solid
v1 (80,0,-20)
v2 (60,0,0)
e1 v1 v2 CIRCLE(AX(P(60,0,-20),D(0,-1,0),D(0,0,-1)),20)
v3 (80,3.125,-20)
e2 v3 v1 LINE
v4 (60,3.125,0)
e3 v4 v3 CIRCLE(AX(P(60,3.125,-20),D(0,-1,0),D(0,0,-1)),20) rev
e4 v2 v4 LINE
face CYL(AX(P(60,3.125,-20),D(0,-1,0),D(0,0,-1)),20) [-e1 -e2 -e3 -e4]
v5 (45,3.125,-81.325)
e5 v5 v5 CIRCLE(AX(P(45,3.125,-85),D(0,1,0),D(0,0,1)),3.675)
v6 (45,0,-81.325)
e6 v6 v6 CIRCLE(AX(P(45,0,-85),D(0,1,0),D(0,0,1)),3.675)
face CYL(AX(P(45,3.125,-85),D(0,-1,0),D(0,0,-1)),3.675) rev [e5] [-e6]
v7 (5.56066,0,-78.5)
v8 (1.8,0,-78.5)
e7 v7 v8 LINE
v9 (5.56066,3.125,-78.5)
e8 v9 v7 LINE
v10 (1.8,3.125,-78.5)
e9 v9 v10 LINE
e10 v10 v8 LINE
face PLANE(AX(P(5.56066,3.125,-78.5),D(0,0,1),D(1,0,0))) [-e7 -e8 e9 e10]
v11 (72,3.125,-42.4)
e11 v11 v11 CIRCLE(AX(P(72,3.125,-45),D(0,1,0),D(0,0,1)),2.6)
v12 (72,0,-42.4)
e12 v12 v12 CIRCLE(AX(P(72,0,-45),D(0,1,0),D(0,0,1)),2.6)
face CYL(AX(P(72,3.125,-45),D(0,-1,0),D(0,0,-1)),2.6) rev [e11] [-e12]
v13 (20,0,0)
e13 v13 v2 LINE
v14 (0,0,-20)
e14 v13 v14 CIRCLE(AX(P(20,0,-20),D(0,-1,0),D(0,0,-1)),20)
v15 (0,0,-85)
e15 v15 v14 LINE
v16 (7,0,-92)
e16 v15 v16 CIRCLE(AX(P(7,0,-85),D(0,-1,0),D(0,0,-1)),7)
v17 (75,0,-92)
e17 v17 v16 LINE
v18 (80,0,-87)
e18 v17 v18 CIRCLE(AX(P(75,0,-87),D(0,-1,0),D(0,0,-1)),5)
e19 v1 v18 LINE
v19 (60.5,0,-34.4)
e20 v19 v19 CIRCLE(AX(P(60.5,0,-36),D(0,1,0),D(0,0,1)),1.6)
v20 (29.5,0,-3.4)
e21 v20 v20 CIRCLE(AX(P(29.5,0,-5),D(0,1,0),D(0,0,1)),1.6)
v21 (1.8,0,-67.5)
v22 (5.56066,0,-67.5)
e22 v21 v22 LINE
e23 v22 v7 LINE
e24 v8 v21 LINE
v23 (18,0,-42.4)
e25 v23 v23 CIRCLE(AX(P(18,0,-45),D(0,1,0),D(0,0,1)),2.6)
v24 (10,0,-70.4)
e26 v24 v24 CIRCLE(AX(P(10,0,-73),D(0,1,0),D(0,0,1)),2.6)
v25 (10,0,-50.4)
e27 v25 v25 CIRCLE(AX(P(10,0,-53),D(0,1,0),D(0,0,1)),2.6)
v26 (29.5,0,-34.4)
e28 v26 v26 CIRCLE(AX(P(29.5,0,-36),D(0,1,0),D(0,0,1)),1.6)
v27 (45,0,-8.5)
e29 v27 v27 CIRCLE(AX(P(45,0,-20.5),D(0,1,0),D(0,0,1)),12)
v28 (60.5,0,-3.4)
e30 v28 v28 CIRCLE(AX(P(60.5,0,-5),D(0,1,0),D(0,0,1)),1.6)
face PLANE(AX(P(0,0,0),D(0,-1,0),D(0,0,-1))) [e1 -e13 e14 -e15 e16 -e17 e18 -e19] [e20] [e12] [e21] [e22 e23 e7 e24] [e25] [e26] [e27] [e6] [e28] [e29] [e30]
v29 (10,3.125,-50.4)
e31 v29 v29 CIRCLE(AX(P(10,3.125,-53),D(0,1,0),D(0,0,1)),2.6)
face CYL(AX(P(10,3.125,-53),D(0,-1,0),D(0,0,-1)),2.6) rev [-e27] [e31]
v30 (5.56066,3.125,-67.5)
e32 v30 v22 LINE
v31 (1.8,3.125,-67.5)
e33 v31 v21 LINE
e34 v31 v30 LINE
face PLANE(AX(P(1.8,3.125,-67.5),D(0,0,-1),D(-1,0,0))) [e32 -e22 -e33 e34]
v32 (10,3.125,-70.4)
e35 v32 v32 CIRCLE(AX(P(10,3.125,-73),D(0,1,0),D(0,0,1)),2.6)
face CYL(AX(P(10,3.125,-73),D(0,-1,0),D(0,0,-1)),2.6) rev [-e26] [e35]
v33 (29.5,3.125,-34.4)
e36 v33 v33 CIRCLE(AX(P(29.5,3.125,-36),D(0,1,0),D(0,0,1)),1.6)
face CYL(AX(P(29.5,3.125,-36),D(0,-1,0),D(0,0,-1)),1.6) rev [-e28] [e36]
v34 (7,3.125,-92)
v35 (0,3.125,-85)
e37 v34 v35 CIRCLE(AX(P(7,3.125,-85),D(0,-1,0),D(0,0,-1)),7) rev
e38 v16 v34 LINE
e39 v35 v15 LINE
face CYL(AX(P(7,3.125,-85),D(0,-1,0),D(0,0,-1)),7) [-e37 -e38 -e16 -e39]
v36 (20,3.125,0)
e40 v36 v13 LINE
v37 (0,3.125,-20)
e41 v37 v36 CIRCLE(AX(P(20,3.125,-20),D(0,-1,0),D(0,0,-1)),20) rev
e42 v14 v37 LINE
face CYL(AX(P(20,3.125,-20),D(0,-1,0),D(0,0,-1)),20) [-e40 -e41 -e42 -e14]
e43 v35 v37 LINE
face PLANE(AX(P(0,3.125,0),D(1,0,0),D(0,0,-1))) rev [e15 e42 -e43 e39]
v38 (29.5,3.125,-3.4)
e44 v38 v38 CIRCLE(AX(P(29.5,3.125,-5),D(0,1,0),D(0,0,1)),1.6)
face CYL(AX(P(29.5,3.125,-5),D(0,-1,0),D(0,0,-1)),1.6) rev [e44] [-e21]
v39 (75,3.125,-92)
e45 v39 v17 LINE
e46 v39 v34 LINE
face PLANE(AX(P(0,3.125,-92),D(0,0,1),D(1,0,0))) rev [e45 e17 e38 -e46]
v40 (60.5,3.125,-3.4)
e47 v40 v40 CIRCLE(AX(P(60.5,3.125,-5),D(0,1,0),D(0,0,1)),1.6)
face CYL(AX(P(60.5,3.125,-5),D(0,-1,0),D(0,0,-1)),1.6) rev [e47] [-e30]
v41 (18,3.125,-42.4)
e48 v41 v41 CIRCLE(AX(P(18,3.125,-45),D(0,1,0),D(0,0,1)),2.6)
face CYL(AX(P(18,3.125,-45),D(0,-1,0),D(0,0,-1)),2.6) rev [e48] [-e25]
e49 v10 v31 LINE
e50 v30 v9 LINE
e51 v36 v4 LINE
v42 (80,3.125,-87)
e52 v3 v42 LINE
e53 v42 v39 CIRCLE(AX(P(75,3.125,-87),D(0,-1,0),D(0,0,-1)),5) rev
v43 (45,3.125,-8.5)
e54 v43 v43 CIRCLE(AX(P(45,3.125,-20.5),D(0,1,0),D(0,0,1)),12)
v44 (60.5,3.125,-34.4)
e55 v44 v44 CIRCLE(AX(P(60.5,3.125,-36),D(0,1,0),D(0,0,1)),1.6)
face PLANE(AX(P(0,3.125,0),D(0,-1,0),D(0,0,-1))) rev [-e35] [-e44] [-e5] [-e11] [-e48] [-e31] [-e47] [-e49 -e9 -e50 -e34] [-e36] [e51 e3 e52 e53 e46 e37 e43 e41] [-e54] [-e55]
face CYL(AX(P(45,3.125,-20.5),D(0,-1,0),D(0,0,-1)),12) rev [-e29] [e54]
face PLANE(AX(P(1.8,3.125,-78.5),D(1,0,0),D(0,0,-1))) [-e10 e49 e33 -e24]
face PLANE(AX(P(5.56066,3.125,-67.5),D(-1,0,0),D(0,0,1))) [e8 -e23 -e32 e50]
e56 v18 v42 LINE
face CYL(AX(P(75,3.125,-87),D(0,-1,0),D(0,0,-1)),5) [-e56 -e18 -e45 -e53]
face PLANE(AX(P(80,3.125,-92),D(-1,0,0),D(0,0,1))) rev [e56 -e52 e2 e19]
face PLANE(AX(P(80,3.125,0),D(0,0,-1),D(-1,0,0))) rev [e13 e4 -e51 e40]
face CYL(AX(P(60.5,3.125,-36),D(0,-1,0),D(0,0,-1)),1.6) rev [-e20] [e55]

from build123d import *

# Parameters (mm, degrees)
SKETCH2_W           = 80
SKETCH2_H           = 92
SKETCH2_R           = 1.6
SKETCH2_R_2         = 2.6
SKETCH2_R_3         = 12
SKETCH2_R_4         = 3.675
SKETCH2_W_2         = 3.760660172
SKETCH2_H_2         = 11
BOSS_EXTRUDE1_DEPTH = 3.125
FILLET1_R           = 20
FILLET2_R           = 20
FILLET4_R           = 5
FILLET5_R           = 7


with BuildPart() as part:
    # Sketch2 → Boss-Extrude1 (new body)
    with BuildSketch(Plane(origin=(0, 0, 0), x_dir=(1, 0, 0), z_dir=(0, 1, 0))):
        with Locations((40, 46)):
            Rectangle(SKETCH2_W, SKETCH2_H)
        with Locations((29.5, 5)):
            Circle(SKETCH2_R, mode=Mode.SUBTRACT)
        with Locations((29.5, 36)):
            Circle(SKETCH2_R, mode=Mode.SUBTRACT)
        with Locations((60.5, 36)):
            Circle(SKETCH2_R, mode=Mode.SUBTRACT)
        with Locations((60.5, 5)):
            Circle(SKETCH2_R, mode=Mode.SUBTRACT)
        with Locations((18, 45)):
            Circle(SKETCH2_R_2, mode=Mode.SUBTRACT)
        with Locations((72, 45)):
            Circle(SKETCH2_R_2, mode=Mode.SUBTRACT)
        with Locations((45, 20.5)):
            Circle(SKETCH2_R_3, mode=Mode.SUBTRACT)
        with Locations((45, 85)):
            Circle(SKETCH2_R_4, mode=Mode.SUBTRACT)
        with Locations((10, 53)):
            Circle(SKETCH2_R_2, mode=Mode.SUBTRACT)
        with Locations((10, 73)):
            Circle(SKETCH2_R_2, mode=Mode.SUBTRACT)
        with Locations((3.680330086, 73)):
            Rectangle(SKETCH2_W_2, SKETCH2_H_2, mode=Mode.SUBTRACT)
    extrude(amount=BOSS_EXTRUDE1_DEPTH)

    # Fillet1
    fillet1_edges = [part.edges().sort_by_distance(p)[0] for p in [
        (80, 1.5625, 0),
    ]]
    fillet(fillet1_edges, radius=FILLET1_R)

    # Fillet2
    fillet2_edges = [part.edges().sort_by_distance(p)[0] for p in [
        (0, 1.5625, 0),
    ]]
    fillet(fillet2_edges, radius=FILLET2_R)

    # Fillet4
    fillet4_edges = [part.edges().sort_by_distance(p)[0] for p in [
        (80, 1.5625, -92),
    ]]
    fillet(fillet4_edges, radius=FILLET4_R)

    # Fillet5
    fillet5_edges = [part.edges().sort_by_distance(p)[0] for p in [
        (0, 1.5625, -92),
    ]]
    fillet(fillet5_edges, radius=FILLET5_R)


solid = part.part
